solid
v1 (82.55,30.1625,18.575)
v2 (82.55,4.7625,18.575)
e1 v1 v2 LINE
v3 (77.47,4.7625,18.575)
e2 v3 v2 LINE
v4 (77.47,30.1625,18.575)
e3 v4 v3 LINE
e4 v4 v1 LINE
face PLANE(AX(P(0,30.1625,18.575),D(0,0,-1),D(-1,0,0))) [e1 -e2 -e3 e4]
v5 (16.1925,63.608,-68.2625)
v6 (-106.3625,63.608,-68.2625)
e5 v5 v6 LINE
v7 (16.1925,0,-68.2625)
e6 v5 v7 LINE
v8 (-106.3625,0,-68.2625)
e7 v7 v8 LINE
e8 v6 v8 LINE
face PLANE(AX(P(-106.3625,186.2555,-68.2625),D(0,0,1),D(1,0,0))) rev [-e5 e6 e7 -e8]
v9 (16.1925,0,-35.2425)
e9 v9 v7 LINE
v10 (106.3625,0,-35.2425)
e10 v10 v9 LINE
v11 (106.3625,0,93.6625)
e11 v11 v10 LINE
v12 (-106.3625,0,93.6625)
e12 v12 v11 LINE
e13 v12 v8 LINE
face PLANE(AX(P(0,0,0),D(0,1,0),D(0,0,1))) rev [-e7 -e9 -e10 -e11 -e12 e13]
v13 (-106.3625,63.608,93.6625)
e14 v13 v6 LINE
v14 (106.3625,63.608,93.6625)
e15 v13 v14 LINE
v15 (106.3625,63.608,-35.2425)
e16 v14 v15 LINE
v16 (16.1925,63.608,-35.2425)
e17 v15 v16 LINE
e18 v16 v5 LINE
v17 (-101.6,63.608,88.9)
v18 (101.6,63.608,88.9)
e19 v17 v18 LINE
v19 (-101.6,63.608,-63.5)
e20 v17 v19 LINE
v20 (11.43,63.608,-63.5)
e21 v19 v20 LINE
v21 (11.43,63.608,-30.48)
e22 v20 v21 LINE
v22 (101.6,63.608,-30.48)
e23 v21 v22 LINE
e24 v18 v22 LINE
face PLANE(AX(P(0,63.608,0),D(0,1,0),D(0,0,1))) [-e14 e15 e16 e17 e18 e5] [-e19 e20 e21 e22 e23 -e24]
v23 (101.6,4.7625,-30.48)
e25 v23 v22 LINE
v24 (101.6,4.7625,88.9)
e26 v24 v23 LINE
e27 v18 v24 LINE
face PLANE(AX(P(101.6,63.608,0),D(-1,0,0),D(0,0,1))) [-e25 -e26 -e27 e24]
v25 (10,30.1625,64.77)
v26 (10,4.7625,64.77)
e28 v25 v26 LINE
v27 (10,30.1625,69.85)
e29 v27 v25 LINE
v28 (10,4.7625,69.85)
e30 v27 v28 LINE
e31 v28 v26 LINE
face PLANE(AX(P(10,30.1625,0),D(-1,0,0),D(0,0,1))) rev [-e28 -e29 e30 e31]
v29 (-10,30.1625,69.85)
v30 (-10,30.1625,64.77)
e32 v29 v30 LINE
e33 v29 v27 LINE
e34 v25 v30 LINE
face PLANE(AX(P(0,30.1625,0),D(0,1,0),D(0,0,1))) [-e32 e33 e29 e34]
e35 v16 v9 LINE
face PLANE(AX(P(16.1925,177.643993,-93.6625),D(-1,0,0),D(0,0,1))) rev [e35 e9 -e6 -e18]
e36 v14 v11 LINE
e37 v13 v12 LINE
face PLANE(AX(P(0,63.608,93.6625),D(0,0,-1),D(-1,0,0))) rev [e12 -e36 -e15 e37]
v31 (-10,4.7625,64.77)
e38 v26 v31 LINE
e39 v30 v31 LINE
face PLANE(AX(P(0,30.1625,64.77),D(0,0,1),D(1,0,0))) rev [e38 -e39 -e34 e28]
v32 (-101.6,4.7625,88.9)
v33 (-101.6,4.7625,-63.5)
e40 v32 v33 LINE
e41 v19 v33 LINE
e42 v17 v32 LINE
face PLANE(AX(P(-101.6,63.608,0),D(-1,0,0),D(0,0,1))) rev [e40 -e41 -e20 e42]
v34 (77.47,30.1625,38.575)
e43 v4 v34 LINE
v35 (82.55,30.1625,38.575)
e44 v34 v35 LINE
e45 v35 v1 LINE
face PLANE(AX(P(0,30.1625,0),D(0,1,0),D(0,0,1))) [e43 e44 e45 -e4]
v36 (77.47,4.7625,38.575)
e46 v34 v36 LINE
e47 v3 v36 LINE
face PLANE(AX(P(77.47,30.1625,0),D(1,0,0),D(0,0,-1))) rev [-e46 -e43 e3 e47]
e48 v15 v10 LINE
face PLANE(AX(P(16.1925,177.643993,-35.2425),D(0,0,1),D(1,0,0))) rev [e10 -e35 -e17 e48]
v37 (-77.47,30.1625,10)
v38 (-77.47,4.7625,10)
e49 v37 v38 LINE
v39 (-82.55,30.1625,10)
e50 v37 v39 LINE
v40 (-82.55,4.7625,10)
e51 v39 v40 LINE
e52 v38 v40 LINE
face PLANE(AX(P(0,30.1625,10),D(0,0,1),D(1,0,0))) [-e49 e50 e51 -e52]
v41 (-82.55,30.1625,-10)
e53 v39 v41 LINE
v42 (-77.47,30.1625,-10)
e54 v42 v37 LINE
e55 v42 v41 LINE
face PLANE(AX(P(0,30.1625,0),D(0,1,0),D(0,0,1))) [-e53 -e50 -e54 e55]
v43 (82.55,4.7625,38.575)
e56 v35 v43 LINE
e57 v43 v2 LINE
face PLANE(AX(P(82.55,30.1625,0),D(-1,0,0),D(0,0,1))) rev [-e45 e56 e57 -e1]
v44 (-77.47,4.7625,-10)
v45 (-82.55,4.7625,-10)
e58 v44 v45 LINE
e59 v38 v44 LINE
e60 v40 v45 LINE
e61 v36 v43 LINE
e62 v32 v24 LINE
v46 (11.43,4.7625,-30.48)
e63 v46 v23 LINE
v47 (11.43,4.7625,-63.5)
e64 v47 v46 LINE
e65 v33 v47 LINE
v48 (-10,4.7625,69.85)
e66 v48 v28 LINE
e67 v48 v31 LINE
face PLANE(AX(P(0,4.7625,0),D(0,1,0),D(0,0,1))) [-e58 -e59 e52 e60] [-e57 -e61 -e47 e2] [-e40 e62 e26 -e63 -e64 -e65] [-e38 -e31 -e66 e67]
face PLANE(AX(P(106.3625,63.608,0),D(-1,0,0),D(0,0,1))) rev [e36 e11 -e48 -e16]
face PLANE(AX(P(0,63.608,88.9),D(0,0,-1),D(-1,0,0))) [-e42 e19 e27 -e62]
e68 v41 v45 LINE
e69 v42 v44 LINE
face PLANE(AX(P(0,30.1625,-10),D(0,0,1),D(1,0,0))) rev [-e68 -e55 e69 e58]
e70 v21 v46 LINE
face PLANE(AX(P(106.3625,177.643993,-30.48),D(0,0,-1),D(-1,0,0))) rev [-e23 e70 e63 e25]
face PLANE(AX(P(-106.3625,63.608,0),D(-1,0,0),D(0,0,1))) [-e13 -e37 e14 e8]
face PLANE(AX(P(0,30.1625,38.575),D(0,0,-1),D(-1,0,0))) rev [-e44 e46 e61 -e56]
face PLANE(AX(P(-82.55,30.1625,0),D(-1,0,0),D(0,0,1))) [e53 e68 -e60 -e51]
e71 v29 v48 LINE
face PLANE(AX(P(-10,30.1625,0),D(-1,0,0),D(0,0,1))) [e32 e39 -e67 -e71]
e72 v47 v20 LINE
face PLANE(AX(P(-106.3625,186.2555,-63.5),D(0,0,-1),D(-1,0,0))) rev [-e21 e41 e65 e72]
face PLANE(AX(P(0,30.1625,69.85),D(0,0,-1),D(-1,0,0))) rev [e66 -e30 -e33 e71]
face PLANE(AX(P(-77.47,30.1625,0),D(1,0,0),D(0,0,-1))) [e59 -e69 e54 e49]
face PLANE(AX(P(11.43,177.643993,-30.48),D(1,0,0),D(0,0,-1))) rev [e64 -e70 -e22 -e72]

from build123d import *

# Parameters (mm, degrees)
CROQUIS1_W              = 212.725
CROQUIS1_H              = 187.325
CROQUIS1_W_2            = 203.2
CROQUIS1_H_2            = 177.8
SALIENTE_EXTRUIR1_DEPTH = 63.607999784
VACIADO1_T              = -4.7625
CROQUIS2_W              = 20
CROQUIS2_H              = 5.08
CROQUIS2_W_2            = 5.08
CROQUIS2_H_2            = 20
SALIENTE_EXTRUIR3_DEPTH = 25.4
CROQUIS2_5_W            = 5.08
CROQUIS2_5_H            = 20
CROQUIS2_5_W_2          = 20
CROQUIS2_5_H_2          = 5.08
SALIENTE_EXTRUIR4_DEPTH = 6.5
CROQUIS3_W              = 94.9325
CROQUIS3_H              = 63.1825
CORTAR_EXTRUIR1_DEPTH   = 156.343564234
SALIENTE_EXTRUIR5_DEPTH = 63.607999784
CROQUIS5_W              = 122.555
CROQUIS5_H              = 30.1625
CORTAR_EXTRUIR2_DEPTH   = 156.343564234
CROQUIS6_W              = 122.555
CROQUIS6_H              = 4.7625
SALIENTE_EXTRUIR6_DEPTH = 63.607999784
CROQUIS7_W              = 154.94
CROQUIS7_H              = 82.660152575
CORTAR_EXTRUIR3_DEPTH   = 58.845499784


with BuildPart() as part:
    # Croquis1 → Saliente-Extruir1 (new body)
    # profile 1 of 2: a face of its own
    with BuildSketch(Plane(origin=(0, 0, 0), x_dir=(1, 0, 0), z_dir=(0, 1, 0))):
        Rectangle(CROQUIS1_W, CROQUIS1_H)
        Rectangle(CROQUIS1_W_2, CROQUIS1_H_2, mode=Mode.SUBTRACT)
    # profile 2 of 2: a face of its own
    with BuildSketch(Plane(origin=(0, 0, 0), x_dir=(1, 0, 0), z_dir=(0, 1, 0))):
        Rectangle(CROQUIS1_W_2, CROQUIS1_H_2)
    extrude(amount=SALIENTE_EXTRUIR1_DEPTH)

    # Vaciado1
    vaciado1_openings = [part.faces().sort_by_distance(p)[0] for p in [
        (0, 63.607999784, 0),
    ]]
    offset(amount=VACIADO1_T, openings=vaciado1_openings, kind=Kind.INTERSECTION)

    # Croquis2 → Saliente-Extruir3 (add)
    with BuildSketch(Plane(origin=(0, 4.7625, 0), x_dir=(1, 0, 0), z_dir=(0, 1, 0))):
        with Locations((-44.45, 66.04)):
            Rectangle(CROQUIS2_W, CROQUIS2_H)
        with Locations((-80.01, 0)):
            Rectangle(CROQUIS2_W_2, CROQUIS2_H_2)
        with Locations((0, -67.31)):
            Rectangle(CROQUIS2_W, CROQUIS2_H)
        with Locations((80.01, -28.575)):
            Rectangle(CROQUIS2_W_2, CROQUIS2_H_2)
    extrude(amount=SALIENTE_EXTRUIR3_DEPTH)

    # Croquis2<5> → Saliente-Extruir4 (add)
    with BuildSketch(Plane(origin=(0, 4.7625, 0), x_dir=(1, 0, 0), z_dir=(0, 1, 0))):
        with Locations((-74.93, 0)):
            Rectangle(CROQUIS2_5_W, CROQUIS2_5_H)
        with Locations((0, -62.23)):
            Rectangle(CROQUIS2_5_W_2, CROQUIS2_5_H_2)
        with Locations((74.93, -28.575)):
            Rectangle(CROQUIS2_5_W, CROQUIS2_5_H)
    extrude(amount=SALIENTE_EXTRUIR4_DEPTH)

    # Croquis3 → Cortar-Extruir1 (cut, through all)
    with BuildSketch(Plane(origin=(0, 63.607999784, 0), x_dir=(1, 0, 0), z_dir=(0, 1, 0))):
        with Locations((58.89625, 62.07125)):
            Rectangle(CROQUIS3_W, CROQUIS3_H)
    extrude(amount=-CORTAR_EXTRUIR1_DEPTH, mode=Mode.SUBTRACT)

    # Croquis4 → Saliente-Extruir5 (add)
    with BuildSketch(Plane(origin=(0, 0, 0), x_dir=(1, 0, 0), z_dir=(0, 1, 0))):
        Polygon((11.43, 93.6625), (16.1925, 93.6625), (16.1925, 35.2425), (106.3625, 35.2425), (106.3625, 30.48), (11.43, 30.48), align=None)
    extrude(amount=SALIENTE_EXTRUIR5_DEPTH)

    # Croquis5 → Cortar-Extruir2 (cut, through all)
    with BuildSketch(Plane(origin=(0, 0, 0), x_dir=(1, 0, 0), z_dir=(0, 1, 0))):
        with Locations((-45.085, 78.58125)):
            Rectangle(CROQUIS5_W, CROQUIS5_H)
    extrude(amount=CORTAR_EXTRUIR2_DEPTH, mode=Mode.SUBTRACT)

    # Croquis6 → Saliente-Extruir6 (add)
    with BuildSketch(Plane(origin=(0, 0, 0), x_dir=(1, 0, 0), z_dir=(0, 1, 0))):
        with Locations((-45.085, 65.88125)):
            Rectangle(CROQUIS6_W, CROQUIS6_H)
    extrude(amount=SALIENTE_EXTRUIR6_DEPTH)

    # Croquis7 → Cortar-Extruir3 (cut)
    with BuildSketch(Plane(origin=(0, 63.607999784, 0), x_dir=(1, 0, 0), z_dir=(0, 1, 0))):
        with Locations((0, -23.439923713)):
            Rectangle(CROQUIS7_W, CROQUIS7_H)
    extrude(amount=-CORTAR_EXTRUIR3_DEPTH, mode=Mode.SUBTRACT)


solid = part.part
